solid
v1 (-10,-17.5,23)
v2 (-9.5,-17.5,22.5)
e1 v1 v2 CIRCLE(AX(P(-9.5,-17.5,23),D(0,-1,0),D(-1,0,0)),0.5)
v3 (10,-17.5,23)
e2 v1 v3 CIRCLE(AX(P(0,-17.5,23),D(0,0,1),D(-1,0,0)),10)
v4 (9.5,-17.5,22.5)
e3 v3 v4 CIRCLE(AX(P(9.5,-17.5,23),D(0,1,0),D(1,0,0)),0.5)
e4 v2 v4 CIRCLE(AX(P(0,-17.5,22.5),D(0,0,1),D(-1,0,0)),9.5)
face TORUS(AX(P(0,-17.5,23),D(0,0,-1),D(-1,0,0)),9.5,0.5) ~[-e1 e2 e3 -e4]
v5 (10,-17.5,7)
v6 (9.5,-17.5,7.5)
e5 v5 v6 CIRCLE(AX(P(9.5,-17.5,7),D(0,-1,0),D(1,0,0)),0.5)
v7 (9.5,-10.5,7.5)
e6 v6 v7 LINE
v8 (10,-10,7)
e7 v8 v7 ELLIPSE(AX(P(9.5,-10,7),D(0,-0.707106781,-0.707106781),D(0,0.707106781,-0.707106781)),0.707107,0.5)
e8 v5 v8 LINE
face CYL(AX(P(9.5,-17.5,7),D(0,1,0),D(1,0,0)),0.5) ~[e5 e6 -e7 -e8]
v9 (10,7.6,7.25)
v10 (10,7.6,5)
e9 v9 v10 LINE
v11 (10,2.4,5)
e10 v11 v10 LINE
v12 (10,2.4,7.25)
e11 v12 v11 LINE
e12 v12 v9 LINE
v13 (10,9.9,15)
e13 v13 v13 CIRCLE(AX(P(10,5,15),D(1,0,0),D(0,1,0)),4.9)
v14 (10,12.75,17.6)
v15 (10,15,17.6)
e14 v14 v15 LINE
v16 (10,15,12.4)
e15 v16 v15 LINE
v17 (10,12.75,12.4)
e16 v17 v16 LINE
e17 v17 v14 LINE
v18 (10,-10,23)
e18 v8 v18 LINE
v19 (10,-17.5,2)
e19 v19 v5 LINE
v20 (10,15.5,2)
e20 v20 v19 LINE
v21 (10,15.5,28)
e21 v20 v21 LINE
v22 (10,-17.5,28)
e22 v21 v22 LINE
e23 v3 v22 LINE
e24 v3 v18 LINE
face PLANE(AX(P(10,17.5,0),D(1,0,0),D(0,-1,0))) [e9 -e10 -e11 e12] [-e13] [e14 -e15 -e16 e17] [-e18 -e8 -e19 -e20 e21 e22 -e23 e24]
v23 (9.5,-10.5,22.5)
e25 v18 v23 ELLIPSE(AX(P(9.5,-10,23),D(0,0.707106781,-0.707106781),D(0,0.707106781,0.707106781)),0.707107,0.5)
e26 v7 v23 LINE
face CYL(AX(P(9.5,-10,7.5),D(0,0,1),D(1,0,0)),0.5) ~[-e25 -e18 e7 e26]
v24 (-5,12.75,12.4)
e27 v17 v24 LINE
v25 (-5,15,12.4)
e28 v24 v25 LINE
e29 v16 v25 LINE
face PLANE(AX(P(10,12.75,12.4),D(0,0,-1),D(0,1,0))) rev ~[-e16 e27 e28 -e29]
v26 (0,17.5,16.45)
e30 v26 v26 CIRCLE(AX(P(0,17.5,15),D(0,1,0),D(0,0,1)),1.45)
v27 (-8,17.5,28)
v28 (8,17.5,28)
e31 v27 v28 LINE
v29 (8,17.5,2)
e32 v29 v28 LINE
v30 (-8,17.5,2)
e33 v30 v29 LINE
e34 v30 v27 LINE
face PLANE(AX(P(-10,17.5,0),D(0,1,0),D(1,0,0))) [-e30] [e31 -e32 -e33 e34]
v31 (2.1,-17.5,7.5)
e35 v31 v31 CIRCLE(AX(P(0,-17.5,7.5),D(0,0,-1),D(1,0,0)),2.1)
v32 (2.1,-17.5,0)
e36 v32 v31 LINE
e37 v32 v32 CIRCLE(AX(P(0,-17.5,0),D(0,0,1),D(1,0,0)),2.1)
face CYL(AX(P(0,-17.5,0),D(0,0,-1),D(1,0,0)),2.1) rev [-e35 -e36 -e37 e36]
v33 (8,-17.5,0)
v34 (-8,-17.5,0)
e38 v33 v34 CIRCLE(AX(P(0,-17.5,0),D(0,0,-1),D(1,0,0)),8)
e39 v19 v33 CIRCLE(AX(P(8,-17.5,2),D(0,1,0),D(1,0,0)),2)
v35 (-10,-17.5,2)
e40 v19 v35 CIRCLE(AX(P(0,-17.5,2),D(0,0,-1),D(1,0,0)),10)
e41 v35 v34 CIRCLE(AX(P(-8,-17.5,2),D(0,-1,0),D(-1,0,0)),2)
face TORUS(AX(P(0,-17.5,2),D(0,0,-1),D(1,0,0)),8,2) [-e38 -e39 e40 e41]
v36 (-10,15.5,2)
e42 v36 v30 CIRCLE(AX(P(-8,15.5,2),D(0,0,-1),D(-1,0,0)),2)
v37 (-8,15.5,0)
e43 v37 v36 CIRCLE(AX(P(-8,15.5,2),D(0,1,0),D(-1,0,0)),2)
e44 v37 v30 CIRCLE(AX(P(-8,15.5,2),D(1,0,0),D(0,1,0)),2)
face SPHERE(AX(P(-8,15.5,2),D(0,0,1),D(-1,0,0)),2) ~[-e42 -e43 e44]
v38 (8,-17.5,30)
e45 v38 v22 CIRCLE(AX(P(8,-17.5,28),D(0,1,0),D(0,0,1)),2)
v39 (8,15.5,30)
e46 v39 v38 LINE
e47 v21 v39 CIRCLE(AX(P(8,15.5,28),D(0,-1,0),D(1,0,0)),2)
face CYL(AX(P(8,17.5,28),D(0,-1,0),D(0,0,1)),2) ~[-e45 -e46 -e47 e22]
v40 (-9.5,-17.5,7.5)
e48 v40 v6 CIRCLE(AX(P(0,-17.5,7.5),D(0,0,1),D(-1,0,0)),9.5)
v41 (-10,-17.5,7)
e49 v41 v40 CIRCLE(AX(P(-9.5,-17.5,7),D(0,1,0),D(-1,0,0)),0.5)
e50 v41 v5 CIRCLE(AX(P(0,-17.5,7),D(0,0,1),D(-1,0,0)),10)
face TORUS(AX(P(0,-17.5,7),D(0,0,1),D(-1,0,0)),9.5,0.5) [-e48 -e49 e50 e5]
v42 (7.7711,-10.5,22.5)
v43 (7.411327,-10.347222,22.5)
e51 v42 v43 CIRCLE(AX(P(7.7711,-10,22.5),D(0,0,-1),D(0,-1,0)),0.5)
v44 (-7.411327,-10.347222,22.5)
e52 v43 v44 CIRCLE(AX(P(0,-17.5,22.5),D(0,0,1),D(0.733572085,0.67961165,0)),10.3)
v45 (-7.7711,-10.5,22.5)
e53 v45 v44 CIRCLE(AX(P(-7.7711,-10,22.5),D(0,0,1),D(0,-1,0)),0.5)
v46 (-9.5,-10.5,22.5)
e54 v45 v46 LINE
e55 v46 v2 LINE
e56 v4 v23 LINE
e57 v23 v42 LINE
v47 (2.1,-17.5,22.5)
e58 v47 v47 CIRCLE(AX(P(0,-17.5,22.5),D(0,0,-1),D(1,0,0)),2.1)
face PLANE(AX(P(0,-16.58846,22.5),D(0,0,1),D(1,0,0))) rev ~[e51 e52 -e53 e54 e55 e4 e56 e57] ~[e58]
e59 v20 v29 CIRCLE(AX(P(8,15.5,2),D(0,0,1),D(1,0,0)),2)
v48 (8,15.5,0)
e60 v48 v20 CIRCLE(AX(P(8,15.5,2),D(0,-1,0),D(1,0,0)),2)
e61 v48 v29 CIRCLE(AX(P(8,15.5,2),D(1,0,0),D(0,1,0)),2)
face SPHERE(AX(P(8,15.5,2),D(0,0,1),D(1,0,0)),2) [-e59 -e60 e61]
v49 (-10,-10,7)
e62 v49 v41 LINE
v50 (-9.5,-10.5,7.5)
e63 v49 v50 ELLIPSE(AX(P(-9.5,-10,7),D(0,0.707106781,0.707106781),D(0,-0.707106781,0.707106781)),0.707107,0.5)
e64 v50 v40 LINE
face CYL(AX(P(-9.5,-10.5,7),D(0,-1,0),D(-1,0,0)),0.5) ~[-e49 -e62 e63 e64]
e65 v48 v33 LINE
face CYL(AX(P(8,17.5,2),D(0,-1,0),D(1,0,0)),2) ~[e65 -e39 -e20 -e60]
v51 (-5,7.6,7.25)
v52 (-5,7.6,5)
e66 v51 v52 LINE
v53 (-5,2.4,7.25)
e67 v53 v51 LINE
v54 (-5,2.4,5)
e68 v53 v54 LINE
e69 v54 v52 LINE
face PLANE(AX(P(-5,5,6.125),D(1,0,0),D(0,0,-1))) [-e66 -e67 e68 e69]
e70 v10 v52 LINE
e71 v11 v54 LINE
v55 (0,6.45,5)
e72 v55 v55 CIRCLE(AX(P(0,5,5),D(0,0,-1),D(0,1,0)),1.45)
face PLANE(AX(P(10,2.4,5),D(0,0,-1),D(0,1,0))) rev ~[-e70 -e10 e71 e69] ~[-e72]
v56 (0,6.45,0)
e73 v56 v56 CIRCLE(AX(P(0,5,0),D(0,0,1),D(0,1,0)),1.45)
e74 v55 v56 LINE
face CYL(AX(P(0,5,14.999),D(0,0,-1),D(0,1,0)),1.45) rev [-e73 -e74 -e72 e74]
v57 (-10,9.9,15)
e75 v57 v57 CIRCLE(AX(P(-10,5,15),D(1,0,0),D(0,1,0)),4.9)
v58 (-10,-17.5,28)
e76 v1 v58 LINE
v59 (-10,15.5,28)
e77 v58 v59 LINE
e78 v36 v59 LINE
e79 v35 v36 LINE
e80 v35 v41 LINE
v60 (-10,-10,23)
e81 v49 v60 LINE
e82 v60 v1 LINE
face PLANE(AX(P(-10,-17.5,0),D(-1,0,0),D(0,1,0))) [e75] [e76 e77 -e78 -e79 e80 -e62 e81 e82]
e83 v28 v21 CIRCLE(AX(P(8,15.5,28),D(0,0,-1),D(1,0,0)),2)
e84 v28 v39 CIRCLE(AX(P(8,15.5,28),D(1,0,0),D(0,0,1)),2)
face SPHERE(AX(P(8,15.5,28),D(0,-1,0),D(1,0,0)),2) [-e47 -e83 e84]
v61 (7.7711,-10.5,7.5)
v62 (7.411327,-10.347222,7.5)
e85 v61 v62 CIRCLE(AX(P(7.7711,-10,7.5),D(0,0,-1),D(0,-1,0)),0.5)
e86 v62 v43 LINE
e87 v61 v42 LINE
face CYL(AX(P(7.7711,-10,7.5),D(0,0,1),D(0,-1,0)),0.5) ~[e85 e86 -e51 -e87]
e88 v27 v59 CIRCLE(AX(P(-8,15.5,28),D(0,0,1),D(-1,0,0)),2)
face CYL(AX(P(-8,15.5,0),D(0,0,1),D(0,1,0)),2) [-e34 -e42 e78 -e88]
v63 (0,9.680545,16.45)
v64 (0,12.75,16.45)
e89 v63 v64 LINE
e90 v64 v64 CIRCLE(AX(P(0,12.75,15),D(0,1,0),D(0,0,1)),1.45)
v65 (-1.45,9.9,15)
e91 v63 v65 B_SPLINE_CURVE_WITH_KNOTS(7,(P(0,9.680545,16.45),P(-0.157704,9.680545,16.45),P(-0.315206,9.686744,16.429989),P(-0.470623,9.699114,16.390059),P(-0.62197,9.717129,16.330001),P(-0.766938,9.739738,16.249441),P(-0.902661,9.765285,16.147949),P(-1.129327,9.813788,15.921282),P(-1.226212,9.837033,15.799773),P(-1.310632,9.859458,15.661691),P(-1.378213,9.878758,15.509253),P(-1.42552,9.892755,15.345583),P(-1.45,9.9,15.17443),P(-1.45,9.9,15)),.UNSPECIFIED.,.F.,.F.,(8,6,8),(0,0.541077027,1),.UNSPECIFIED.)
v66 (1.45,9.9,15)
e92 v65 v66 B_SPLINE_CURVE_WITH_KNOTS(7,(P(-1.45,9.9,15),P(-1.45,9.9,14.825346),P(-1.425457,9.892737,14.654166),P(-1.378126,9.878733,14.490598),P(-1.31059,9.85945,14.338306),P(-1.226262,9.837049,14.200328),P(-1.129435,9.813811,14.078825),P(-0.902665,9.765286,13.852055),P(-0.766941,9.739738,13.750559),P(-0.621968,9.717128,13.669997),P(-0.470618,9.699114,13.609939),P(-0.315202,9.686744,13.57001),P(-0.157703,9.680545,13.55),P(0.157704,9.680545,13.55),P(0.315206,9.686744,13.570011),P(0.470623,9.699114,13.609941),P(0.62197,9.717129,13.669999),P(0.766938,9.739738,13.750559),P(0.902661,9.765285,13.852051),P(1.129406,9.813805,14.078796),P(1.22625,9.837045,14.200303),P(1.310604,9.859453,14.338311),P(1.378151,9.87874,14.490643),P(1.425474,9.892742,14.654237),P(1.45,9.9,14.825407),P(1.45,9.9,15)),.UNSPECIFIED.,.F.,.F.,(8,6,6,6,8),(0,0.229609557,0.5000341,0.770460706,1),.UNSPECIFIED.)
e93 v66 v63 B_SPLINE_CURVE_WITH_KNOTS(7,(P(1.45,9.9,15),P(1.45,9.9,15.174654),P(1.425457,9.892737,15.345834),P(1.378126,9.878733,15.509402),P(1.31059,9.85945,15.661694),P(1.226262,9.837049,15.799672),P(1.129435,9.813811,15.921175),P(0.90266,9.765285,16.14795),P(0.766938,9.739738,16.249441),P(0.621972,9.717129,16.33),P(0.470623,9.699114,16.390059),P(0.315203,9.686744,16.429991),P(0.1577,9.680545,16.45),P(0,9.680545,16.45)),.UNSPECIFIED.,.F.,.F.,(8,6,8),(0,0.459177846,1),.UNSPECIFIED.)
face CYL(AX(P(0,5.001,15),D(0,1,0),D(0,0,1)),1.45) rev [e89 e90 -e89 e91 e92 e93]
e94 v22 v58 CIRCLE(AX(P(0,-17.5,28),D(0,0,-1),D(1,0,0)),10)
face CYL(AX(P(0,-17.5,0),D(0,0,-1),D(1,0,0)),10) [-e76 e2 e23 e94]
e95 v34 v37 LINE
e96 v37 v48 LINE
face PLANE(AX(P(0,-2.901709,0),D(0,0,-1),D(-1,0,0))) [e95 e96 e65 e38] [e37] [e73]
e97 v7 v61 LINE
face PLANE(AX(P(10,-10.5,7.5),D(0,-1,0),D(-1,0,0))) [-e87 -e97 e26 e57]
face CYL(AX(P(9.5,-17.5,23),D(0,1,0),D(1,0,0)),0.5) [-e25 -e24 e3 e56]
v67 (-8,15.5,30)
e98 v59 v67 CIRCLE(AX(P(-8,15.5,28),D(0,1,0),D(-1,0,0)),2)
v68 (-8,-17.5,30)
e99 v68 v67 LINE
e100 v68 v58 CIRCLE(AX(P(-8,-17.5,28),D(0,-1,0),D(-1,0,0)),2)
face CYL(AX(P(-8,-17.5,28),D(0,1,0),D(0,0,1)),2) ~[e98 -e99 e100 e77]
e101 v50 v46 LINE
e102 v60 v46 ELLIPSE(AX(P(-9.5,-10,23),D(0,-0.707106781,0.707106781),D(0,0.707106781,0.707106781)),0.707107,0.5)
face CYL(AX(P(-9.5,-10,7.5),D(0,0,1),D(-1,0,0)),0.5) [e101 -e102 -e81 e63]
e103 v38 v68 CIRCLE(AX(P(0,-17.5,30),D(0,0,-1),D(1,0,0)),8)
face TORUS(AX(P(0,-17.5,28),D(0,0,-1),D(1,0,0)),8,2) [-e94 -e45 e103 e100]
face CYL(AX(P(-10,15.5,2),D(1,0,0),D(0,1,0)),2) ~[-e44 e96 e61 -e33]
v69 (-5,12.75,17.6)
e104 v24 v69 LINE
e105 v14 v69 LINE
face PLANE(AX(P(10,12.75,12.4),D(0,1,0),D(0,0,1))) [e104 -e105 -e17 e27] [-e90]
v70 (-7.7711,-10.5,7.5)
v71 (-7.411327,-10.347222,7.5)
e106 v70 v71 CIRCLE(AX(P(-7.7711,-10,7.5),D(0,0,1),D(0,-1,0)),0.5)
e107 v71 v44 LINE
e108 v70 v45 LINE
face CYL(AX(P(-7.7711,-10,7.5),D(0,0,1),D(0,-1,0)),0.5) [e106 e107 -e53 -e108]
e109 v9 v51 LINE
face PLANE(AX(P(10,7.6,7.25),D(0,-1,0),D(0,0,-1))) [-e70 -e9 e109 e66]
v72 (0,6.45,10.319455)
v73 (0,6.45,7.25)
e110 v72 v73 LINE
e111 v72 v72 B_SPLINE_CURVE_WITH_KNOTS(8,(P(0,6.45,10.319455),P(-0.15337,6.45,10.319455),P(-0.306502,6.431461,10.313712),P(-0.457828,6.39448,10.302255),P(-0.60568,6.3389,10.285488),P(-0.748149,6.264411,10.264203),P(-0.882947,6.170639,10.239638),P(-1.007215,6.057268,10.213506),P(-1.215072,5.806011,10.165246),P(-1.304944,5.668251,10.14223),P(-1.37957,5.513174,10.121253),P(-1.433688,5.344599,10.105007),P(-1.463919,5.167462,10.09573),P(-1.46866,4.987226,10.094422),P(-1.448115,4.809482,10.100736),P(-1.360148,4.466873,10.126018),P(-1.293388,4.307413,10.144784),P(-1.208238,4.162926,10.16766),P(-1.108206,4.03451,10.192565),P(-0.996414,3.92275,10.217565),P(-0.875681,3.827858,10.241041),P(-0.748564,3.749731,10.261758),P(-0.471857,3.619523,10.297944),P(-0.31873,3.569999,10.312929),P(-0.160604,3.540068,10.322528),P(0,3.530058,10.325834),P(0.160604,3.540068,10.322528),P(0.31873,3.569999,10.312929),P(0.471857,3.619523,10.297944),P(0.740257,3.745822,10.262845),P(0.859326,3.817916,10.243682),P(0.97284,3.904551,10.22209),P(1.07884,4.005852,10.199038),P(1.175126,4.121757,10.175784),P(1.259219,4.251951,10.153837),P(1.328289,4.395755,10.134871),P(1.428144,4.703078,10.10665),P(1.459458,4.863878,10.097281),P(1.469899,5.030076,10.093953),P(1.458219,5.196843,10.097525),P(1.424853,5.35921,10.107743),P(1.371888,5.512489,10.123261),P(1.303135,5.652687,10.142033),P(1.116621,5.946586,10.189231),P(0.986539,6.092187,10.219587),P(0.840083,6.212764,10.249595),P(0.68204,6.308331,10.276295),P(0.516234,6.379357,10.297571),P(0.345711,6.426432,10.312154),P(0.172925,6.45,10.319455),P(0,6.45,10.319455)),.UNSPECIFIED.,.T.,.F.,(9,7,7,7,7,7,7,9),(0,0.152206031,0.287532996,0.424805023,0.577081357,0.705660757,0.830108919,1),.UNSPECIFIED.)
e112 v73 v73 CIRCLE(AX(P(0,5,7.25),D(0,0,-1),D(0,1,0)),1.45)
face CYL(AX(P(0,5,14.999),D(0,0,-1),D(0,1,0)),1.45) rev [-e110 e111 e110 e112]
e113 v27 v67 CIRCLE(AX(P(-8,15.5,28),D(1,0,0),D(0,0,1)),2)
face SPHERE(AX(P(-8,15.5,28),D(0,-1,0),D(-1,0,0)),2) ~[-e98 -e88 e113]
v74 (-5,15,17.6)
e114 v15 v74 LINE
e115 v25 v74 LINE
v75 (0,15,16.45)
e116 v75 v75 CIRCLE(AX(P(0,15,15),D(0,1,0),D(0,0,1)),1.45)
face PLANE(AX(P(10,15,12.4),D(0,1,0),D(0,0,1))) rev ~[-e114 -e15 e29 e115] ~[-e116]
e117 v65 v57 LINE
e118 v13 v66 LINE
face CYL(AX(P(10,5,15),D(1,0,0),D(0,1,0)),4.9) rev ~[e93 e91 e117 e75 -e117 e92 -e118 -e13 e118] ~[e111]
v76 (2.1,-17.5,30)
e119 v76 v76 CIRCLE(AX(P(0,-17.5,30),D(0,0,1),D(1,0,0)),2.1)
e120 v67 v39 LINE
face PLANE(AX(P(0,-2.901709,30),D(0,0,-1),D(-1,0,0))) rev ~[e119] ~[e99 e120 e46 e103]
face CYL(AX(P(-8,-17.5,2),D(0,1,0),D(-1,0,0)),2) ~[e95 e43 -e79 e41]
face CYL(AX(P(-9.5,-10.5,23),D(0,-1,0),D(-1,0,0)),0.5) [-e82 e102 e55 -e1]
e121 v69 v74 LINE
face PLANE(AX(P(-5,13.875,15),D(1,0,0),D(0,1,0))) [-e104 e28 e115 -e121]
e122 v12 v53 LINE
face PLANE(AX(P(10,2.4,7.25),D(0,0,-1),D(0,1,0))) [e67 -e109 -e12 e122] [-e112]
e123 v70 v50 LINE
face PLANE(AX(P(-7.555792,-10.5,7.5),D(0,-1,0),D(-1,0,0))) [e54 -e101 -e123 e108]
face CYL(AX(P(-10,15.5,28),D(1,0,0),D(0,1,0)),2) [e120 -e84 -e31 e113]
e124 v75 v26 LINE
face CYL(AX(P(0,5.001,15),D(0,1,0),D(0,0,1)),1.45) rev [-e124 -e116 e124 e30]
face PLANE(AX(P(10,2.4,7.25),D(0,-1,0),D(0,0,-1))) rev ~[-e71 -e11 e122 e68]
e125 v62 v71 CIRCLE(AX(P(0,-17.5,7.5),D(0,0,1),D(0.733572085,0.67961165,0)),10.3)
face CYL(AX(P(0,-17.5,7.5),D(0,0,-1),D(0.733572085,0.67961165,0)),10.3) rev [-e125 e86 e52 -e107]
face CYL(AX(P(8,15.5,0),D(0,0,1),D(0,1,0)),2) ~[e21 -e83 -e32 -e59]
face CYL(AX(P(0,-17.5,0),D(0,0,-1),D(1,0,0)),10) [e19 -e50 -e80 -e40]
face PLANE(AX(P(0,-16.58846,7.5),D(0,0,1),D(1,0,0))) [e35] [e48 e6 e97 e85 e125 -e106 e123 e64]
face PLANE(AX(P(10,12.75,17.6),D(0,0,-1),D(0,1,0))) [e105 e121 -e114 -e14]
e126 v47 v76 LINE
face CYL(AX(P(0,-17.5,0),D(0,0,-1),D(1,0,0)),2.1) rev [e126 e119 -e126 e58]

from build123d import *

# Parameters (mm, degrees)
ESQUISSE1_R                  = 2.1
BOSS_EXTRU_1_DEPTH           = 30
ENL_V_MAT_EXTRU_1_DEPTH      = 7.5
ENL_V_MAT_EXTRU_1_DEPTH_BACK = 7.5
ENL_V_MAT_EXTRU_2_REACH      = 47.346
ESQUISSE3_R                  = 4.9
ESQUISSE5_W                  = 2.25
ESQUISSE5_H                  = 5.2
ENL_V_MAT_EXTRU_3_DEPTH      = 15
R_P_TITION_CIRCULAIRE1_COUNT = 2
R_P_TITION_CIRCULAIRE1_ANGLE = 90
CONG_1_R                     = 2
CONG_2_R                     = 0.5


with BuildPart() as part:
    # Esquisse1 → Boss.-Extru.1 (new body)
    with BuildSketch(Plane.XY):
        with BuildLine():
            Line((-10, 17.5), (10, 17.5))
            Line((10, 17.5), (10, -17.5))
            ThreePointArc((10, -17.5), (0, -27.5), (-10, -17.5))
            Line((-10, -17.5), (-10, 17.5))
        make_face()
        with Locations((0, -17.5)):
            Circle(ESQUISSE1_R, mode=Mode.SUBTRACT)
    extrude(amount=BOSS_EXTRU_1_DEPTH)

    # Esquisse2 → Enlèv. mat.-Extru.1 (cut, two sides: drawn at the far end of the back side and taken through both)
    with BuildSketch(Plane.XY.offset(15).offset(-ENL_V_MAT_EXTRU_1_DEPTH_BACK)):
        with BuildLine():
            Line((-7.55579248, -10.5), (-10, -10.5))
            Line((-10, -10.5), (-10, -17.5))
            ThreePointArc((-10, -17.5), (0, -27.5), (10, -17.5))
            Line((10, -17.5), (10, -10.5))
            Line((10, -10.5), (7.55579248, -10.5))
            ThreePointArc((7.55579248, -10.5), (0, -7.2), (-7.55579248, -10.5))
        make_face()
    extrude(amount=ENL_V_MAT_EXTRU_1_DEPTH + ENL_V_MAT_EXTRU_1_DEPTH_BACK, mode=Mode.SUBTRACT)

    # Esquisse3 → Enlèv. mat.-Extru.2 (cut, up to next)
    with BuildSketch(Plane(origin=(10, 0, 0), x_dir=(0, 0, -1), z_dir=(1, 0, 0)), mode=Mode.PRIVATE) as enl_v_mat_extru_2_sk1:
        with Locations(Location((-15, 5, 0), (0, 0, 90))):
            Circle(ESQUISSE3_R)
    enl_v_mat_extru_2_tool1 = extrude(enl_v_mat_extru_2_sk1.sketch, amount=-ENL_V_MAT_EXTRU_2_REACH, mode=Mode.PRIVATE) & part.part
    add(enl_v_mat_extru_2_tool1.solids().sort_by_distance((10, 5, 15))[0], mode=Mode.SUBTRACT)

    # Esquisse5 → Enlèv. mat.-Extru.3 (cut)
    with BuildSketch(Plane(origin=(10, -72.478135826, -1.639734987), x_dir=(0, 0, -1), z_dir=(1, 0, 0))):
        with Locations((-7.764734987, 77.478135826)):
            Rectangle(ESQUISSE5_W, ESQUISSE5_H)
    enl_v_mat_extru_3 = extrude(amount=-ENL_V_MAT_EXTRU_3_DEPTH, mode=Mode.SUBTRACT)

    # Esquisse11 → Dégagement M2.52 (revolve, cut)
    with BuildSketch(Plane(origin=(0, 5, 0), x_dir=(0, 1, 0), z_dir=(1, 0, 0))):
        Polygon((0, 0), (0, 15.870247898), (1.45, 14.999), (1.45, 0), align=None)
    d_gagement_m2_52 = revolve(axis=Axis((0, 5, -6.35), (0, 0, 1)), mode=Mode.SUBTRACT)

    # Répétition circulaire1: Enlèv. mat.-Extru.3, Dégagement M2.52 ×2 about axis
    r_p_tition_circulaire1_axis = Axis((0, 5, 15), (1, 0, 0))
    add([enl_v_mat_extru_3.rotate(r_p_tition_circulaire1_axis, i * R_P_TITION_CIRCULAIRE1_ANGLE / (R_P_TITION_CIRCULAIRE1_COUNT - 1)) for i in range(1, R_P_TITION_CIRCULAIRE1_COUNT)], mode=Mode.SUBTRACT)
    add([d_gagement_m2_52.rotate(r_p_tition_circulaire1_axis, i * R_P_TITION_CIRCULAIRE1_ANGLE / (R_P_TITION_CIRCULAIRE1_COUNT - 1)) for i in range(1, R_P_TITION_CIRCULAIRE1_COUNT)], mode=Mode.SUBTRACT)

    # Congé1
    cong_1_edges = [part.edges().sort_by_distance(p)[0] for p in [
        (10, 0, 30),
        (-10, 17.5, 15),
        (10, 17.5, 15),
        (0, 17.5, 30),
        (-10, 0, 30),
        (0, -27.5, 30),
        (-10, 0, 0),
        (0, 17.5, 0),
        (10, 0, 0),
        (0, -27.5, 0),
    ]]
    fillet(cong_1_edges, radius=CONG_1_R)

    # Congé2
    cong_2_edges = [part.edges().sort_by_distance(p)[0] for p in [
        (7.55579248, -10.5, 15),
        (-7.55579248, -10.5, 15),
        (-10, -10.5, 15),
        (-10, -14, 7.5),
        (0, -27.5, 7.5),
        (10, -14, 7.5),
        (10, -10.5, 15),
        (-10, -14, 22.5),
        (0, -27.5, 22.5),
        (10, -14, 22.5),
    ]]
    fillet(cong_2_edges, radius=CONG_2_R)


solid = part.part
